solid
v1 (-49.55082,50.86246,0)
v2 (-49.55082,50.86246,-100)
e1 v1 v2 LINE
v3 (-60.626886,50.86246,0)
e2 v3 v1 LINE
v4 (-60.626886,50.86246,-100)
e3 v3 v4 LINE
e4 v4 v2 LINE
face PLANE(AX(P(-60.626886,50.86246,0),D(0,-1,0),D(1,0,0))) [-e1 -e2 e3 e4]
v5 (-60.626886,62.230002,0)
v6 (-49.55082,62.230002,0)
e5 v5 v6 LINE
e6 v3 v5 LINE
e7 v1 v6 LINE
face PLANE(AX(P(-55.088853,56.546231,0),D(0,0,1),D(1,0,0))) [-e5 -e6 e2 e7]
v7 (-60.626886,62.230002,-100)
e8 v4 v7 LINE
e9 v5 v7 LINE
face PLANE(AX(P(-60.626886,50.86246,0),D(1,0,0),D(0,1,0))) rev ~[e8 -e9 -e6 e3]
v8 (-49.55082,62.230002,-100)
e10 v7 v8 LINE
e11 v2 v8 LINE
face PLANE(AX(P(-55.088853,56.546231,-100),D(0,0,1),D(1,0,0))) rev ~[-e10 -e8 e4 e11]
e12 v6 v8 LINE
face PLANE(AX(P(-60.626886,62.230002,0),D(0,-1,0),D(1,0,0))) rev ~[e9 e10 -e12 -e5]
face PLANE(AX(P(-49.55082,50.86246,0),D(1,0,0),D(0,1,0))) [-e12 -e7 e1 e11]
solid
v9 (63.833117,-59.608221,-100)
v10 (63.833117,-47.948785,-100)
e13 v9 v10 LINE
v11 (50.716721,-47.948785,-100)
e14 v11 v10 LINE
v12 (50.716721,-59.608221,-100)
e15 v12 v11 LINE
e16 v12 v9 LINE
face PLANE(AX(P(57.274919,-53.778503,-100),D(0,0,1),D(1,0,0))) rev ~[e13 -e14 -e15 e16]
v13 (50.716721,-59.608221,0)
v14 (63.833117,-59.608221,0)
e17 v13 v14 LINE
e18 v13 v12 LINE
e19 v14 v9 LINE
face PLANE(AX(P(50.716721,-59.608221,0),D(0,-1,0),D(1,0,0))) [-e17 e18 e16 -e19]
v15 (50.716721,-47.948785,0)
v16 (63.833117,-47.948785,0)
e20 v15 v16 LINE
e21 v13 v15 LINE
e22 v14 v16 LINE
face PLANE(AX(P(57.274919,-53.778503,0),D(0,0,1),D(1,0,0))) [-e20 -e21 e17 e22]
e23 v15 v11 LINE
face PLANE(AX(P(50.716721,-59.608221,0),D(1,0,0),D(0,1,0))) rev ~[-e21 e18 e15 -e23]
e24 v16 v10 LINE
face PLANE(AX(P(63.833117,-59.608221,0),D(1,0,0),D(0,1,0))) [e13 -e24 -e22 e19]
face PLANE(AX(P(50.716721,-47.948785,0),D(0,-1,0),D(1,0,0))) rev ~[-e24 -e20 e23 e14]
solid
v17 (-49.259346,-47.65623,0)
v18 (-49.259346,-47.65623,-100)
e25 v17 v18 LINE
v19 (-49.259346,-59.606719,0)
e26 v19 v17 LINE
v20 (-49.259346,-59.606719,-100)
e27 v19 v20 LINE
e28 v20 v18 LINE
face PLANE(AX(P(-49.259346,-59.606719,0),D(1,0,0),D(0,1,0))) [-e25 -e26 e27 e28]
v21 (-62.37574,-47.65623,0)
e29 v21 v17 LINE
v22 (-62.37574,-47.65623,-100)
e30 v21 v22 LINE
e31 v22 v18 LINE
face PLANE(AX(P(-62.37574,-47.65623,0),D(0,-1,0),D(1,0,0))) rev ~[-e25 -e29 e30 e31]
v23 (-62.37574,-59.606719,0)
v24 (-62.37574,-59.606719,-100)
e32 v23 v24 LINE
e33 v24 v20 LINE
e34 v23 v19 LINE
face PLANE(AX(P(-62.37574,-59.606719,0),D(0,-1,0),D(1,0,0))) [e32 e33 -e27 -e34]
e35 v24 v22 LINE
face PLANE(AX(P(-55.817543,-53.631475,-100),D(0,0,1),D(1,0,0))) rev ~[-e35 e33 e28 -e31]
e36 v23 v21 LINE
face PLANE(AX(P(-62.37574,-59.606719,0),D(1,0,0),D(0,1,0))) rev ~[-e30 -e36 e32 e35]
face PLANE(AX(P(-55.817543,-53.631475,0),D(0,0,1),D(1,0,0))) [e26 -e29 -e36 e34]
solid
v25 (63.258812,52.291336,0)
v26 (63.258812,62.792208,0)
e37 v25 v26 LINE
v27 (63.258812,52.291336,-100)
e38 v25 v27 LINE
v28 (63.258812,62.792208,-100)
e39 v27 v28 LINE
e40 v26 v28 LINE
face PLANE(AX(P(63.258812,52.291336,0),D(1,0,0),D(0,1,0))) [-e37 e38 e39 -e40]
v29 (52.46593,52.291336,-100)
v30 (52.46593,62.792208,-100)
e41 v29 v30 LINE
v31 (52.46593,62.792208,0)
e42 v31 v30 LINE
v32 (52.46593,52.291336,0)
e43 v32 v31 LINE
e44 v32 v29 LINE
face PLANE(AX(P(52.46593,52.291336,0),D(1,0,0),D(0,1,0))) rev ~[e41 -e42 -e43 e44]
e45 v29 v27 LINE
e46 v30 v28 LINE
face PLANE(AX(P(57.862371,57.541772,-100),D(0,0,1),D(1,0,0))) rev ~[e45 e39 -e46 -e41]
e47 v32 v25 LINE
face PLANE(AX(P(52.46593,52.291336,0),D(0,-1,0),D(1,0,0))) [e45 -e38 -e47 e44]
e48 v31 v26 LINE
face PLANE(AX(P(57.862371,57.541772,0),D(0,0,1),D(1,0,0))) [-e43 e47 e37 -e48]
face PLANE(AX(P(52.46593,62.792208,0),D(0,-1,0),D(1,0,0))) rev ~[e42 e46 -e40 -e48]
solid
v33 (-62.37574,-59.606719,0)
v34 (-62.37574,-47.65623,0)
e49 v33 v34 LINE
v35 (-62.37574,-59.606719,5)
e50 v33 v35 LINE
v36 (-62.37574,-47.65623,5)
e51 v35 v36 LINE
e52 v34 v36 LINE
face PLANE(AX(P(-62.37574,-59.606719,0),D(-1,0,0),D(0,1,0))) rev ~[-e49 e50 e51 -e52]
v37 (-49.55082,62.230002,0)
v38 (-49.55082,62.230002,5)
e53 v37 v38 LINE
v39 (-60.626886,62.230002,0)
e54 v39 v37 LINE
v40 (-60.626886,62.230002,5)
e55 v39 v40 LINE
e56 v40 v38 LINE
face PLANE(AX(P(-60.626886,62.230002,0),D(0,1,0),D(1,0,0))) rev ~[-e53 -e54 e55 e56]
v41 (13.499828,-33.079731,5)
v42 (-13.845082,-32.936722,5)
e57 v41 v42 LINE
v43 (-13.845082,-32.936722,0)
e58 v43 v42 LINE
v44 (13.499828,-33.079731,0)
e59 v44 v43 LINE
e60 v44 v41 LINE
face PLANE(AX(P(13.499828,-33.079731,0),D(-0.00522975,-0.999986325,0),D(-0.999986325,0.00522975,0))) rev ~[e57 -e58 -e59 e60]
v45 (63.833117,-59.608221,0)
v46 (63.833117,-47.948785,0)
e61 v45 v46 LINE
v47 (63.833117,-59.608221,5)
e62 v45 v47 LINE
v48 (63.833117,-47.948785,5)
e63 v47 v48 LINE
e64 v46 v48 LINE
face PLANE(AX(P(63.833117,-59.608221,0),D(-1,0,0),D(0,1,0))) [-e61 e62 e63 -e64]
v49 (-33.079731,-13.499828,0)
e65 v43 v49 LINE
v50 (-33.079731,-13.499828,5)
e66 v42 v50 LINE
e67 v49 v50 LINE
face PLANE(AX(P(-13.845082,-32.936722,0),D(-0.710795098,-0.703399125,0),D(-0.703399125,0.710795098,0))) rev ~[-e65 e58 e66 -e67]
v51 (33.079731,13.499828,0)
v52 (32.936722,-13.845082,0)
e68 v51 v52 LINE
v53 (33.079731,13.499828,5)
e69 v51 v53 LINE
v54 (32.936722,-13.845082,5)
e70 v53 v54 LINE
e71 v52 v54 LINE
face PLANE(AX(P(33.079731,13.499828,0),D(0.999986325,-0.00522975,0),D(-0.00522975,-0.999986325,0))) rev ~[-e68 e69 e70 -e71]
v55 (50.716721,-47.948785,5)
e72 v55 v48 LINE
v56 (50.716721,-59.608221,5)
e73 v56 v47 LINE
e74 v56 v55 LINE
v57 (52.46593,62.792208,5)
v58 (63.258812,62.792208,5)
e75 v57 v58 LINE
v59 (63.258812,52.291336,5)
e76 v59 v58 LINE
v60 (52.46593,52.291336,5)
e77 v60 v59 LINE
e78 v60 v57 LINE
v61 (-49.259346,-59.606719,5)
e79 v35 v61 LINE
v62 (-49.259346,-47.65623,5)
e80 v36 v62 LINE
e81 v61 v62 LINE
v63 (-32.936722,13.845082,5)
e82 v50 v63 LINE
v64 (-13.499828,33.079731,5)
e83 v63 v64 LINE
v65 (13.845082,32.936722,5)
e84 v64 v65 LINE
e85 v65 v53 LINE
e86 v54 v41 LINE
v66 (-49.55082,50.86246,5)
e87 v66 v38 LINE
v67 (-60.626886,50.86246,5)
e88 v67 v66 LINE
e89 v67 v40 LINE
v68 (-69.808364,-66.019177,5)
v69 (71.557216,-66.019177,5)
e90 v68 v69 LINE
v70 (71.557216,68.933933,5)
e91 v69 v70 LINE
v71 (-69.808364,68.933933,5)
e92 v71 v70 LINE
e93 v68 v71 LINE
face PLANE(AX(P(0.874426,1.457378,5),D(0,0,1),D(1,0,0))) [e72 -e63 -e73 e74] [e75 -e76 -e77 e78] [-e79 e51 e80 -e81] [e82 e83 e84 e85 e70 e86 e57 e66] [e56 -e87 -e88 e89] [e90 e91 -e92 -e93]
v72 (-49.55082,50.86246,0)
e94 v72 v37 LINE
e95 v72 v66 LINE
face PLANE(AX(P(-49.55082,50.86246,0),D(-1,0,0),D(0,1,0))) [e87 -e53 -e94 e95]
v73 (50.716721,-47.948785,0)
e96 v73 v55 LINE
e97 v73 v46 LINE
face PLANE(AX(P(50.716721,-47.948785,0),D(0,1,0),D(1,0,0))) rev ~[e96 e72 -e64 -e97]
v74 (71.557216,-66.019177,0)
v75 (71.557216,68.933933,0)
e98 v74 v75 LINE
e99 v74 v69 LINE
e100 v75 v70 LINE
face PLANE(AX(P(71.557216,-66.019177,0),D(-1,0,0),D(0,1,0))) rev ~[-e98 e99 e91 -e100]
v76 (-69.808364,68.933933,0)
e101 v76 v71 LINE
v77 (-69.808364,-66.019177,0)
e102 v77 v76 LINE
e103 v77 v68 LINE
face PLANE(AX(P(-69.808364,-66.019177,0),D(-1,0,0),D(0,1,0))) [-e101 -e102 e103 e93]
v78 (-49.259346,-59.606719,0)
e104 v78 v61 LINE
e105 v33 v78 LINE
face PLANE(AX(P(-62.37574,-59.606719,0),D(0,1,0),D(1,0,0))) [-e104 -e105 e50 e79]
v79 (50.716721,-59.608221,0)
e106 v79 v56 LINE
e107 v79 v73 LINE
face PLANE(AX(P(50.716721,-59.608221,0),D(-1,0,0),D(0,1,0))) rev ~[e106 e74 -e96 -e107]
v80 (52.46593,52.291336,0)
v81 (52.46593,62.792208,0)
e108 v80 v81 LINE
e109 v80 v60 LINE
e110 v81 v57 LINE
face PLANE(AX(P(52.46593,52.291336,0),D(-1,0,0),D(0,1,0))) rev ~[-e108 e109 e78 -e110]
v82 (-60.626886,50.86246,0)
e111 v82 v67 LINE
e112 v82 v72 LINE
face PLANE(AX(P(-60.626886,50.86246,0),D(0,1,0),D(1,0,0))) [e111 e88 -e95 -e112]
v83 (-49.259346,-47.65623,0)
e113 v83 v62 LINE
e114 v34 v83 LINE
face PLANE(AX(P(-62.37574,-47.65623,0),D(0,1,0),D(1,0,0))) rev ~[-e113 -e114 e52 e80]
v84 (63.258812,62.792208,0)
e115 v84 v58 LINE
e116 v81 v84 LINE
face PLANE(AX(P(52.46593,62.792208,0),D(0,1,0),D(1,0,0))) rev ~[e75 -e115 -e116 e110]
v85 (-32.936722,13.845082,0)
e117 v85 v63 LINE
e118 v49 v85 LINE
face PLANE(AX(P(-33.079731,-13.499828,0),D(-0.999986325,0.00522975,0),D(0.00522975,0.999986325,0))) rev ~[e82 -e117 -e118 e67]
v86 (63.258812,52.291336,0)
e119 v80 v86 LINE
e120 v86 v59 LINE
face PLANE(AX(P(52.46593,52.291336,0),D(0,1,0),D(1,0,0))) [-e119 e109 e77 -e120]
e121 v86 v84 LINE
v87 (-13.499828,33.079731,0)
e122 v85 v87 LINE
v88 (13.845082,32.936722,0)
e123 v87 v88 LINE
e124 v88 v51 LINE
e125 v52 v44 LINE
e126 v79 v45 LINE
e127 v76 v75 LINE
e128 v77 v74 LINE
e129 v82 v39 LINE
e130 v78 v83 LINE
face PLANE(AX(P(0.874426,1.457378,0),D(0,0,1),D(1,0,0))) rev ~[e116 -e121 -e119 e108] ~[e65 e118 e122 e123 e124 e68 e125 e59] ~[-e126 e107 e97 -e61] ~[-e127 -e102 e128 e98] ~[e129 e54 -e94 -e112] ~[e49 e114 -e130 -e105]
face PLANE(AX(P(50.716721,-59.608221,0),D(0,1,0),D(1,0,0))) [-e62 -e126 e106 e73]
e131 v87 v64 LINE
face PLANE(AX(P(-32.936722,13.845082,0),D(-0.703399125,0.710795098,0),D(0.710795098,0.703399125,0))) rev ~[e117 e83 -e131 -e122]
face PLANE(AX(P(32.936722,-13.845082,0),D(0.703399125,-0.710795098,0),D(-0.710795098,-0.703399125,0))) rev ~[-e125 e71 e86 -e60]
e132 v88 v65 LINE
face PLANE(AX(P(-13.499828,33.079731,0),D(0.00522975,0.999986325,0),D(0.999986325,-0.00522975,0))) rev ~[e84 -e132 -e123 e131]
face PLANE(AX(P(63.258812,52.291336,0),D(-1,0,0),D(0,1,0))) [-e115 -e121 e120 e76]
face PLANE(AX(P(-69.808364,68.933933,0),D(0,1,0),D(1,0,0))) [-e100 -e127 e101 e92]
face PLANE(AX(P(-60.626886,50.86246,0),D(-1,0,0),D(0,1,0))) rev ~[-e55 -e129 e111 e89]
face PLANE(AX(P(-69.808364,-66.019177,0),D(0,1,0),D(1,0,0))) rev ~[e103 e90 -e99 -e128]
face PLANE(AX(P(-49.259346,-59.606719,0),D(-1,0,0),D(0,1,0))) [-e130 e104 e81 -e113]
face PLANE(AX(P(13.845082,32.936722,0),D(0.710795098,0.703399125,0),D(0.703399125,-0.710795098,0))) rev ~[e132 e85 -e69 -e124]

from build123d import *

# Parameters (mm, degrees)
F0_W     = 141.36558
F0_H     = 134.953111
F0_W_2   = 13.116393
F0_H_2   = 11.950489
F0_W_3   = 13.116396
F0_H_3   = 11.659436
F0_W_4   = 11.076067
F0_H_4   = 11.367541
F0_W_5   = 10.792881
F0_H_5   = 10.500871
F1_DEPTH = 5
F2_DEPTH = 5
F3_DEPTH = 100


with BuildPart() as f1:
    # F0 (on Top) → F1 (new body)
    with BuildSketch(Plane.XY):
        with Locations((0.874426, 1.457378)):
            Rectangle(F0_W, F0_H)
        with Locations((-55.817543, -53.631475)):
            Rectangle(F0_W_2, F0_H_2, mode=Mode.SUBTRACT)
        Polygon((-32.936722, 13.845082), (-13.499828, 33.079731), (13.845082, 32.936722), (33.079731, 13.499828), (32.936722, -13.845082), (13.499828, -33.079731), (-13.845082, -32.936722), (-33.079731, -13.499828), align=None, mode=Mode.SUBTRACT)
        with Locations((57.274919, -53.778503)):
            Rectangle(F0_W_3, F0_H_3, mode=Mode.SUBTRACT)
        with Locations((-55.088853, 56.546231)):
            Rectangle(F0_W_4, F0_H_4, mode=Mode.SUBTRACT)
        with Locations((57.862371, 57.541772)):
            Rectangle(F0_W_5, F0_H_5, mode=Mode.SUBTRACT)
    extrude(amount=F1_DEPTH)

    # F0 (on Top) → F2 (join)
    with BuildSketch(Plane.XY):
        with Locations((0.874426, 1.457378)):
            Rectangle(F0_W, F0_H)
        with Locations((-55.817543, -53.631475)):
            Rectangle(F0_W_2, F0_H_2, mode=Mode.SUBTRACT)
        Polygon((-32.936722, 13.845082), (-13.499828, 33.079731), (13.845082, 32.936722), (33.079731, 13.499828), (32.936722, -13.845082), (13.499828, -33.079731), (-13.845082, -32.936722), (-33.079731, -13.499828), align=None, mode=Mode.SUBTRACT)
        with Locations((57.274919, -53.778503)):
            Rectangle(F0_W_3, F0_H_3, mode=Mode.SUBTRACT)
        with Locations((-55.088853, 56.546231)):
            Rectangle(F0_W_4, F0_H_4, mode=Mode.SUBTRACT)
        with Locations((57.862371, 57.541772)):
            Rectangle(F0_W_5, F0_H_5, mode=Mode.SUBTRACT)
    extrude(amount=F2_DEPTH)


with BuildPart() as f3:
    # F0 (on Top) → F3 (new body)
    with BuildSketch(Plane.XY):
        with Locations((-55.088853, 56.546231)):
            Rectangle(F0_W_4, F0_H_4)
        with Locations((-55.817543, -53.631475)):
            Rectangle(F0_W_2, F0_H_2)
        with Locations((57.274919, -53.778503)):
            Rectangle(F0_W_3, F0_H_3)
        with Locations((57.862371, 57.541772)):
            Rectangle(F0_W_5, F0_H_5)
    extrude(amount=-F3_DEPTH)


solid = Compound([f1.part, f3.part])
